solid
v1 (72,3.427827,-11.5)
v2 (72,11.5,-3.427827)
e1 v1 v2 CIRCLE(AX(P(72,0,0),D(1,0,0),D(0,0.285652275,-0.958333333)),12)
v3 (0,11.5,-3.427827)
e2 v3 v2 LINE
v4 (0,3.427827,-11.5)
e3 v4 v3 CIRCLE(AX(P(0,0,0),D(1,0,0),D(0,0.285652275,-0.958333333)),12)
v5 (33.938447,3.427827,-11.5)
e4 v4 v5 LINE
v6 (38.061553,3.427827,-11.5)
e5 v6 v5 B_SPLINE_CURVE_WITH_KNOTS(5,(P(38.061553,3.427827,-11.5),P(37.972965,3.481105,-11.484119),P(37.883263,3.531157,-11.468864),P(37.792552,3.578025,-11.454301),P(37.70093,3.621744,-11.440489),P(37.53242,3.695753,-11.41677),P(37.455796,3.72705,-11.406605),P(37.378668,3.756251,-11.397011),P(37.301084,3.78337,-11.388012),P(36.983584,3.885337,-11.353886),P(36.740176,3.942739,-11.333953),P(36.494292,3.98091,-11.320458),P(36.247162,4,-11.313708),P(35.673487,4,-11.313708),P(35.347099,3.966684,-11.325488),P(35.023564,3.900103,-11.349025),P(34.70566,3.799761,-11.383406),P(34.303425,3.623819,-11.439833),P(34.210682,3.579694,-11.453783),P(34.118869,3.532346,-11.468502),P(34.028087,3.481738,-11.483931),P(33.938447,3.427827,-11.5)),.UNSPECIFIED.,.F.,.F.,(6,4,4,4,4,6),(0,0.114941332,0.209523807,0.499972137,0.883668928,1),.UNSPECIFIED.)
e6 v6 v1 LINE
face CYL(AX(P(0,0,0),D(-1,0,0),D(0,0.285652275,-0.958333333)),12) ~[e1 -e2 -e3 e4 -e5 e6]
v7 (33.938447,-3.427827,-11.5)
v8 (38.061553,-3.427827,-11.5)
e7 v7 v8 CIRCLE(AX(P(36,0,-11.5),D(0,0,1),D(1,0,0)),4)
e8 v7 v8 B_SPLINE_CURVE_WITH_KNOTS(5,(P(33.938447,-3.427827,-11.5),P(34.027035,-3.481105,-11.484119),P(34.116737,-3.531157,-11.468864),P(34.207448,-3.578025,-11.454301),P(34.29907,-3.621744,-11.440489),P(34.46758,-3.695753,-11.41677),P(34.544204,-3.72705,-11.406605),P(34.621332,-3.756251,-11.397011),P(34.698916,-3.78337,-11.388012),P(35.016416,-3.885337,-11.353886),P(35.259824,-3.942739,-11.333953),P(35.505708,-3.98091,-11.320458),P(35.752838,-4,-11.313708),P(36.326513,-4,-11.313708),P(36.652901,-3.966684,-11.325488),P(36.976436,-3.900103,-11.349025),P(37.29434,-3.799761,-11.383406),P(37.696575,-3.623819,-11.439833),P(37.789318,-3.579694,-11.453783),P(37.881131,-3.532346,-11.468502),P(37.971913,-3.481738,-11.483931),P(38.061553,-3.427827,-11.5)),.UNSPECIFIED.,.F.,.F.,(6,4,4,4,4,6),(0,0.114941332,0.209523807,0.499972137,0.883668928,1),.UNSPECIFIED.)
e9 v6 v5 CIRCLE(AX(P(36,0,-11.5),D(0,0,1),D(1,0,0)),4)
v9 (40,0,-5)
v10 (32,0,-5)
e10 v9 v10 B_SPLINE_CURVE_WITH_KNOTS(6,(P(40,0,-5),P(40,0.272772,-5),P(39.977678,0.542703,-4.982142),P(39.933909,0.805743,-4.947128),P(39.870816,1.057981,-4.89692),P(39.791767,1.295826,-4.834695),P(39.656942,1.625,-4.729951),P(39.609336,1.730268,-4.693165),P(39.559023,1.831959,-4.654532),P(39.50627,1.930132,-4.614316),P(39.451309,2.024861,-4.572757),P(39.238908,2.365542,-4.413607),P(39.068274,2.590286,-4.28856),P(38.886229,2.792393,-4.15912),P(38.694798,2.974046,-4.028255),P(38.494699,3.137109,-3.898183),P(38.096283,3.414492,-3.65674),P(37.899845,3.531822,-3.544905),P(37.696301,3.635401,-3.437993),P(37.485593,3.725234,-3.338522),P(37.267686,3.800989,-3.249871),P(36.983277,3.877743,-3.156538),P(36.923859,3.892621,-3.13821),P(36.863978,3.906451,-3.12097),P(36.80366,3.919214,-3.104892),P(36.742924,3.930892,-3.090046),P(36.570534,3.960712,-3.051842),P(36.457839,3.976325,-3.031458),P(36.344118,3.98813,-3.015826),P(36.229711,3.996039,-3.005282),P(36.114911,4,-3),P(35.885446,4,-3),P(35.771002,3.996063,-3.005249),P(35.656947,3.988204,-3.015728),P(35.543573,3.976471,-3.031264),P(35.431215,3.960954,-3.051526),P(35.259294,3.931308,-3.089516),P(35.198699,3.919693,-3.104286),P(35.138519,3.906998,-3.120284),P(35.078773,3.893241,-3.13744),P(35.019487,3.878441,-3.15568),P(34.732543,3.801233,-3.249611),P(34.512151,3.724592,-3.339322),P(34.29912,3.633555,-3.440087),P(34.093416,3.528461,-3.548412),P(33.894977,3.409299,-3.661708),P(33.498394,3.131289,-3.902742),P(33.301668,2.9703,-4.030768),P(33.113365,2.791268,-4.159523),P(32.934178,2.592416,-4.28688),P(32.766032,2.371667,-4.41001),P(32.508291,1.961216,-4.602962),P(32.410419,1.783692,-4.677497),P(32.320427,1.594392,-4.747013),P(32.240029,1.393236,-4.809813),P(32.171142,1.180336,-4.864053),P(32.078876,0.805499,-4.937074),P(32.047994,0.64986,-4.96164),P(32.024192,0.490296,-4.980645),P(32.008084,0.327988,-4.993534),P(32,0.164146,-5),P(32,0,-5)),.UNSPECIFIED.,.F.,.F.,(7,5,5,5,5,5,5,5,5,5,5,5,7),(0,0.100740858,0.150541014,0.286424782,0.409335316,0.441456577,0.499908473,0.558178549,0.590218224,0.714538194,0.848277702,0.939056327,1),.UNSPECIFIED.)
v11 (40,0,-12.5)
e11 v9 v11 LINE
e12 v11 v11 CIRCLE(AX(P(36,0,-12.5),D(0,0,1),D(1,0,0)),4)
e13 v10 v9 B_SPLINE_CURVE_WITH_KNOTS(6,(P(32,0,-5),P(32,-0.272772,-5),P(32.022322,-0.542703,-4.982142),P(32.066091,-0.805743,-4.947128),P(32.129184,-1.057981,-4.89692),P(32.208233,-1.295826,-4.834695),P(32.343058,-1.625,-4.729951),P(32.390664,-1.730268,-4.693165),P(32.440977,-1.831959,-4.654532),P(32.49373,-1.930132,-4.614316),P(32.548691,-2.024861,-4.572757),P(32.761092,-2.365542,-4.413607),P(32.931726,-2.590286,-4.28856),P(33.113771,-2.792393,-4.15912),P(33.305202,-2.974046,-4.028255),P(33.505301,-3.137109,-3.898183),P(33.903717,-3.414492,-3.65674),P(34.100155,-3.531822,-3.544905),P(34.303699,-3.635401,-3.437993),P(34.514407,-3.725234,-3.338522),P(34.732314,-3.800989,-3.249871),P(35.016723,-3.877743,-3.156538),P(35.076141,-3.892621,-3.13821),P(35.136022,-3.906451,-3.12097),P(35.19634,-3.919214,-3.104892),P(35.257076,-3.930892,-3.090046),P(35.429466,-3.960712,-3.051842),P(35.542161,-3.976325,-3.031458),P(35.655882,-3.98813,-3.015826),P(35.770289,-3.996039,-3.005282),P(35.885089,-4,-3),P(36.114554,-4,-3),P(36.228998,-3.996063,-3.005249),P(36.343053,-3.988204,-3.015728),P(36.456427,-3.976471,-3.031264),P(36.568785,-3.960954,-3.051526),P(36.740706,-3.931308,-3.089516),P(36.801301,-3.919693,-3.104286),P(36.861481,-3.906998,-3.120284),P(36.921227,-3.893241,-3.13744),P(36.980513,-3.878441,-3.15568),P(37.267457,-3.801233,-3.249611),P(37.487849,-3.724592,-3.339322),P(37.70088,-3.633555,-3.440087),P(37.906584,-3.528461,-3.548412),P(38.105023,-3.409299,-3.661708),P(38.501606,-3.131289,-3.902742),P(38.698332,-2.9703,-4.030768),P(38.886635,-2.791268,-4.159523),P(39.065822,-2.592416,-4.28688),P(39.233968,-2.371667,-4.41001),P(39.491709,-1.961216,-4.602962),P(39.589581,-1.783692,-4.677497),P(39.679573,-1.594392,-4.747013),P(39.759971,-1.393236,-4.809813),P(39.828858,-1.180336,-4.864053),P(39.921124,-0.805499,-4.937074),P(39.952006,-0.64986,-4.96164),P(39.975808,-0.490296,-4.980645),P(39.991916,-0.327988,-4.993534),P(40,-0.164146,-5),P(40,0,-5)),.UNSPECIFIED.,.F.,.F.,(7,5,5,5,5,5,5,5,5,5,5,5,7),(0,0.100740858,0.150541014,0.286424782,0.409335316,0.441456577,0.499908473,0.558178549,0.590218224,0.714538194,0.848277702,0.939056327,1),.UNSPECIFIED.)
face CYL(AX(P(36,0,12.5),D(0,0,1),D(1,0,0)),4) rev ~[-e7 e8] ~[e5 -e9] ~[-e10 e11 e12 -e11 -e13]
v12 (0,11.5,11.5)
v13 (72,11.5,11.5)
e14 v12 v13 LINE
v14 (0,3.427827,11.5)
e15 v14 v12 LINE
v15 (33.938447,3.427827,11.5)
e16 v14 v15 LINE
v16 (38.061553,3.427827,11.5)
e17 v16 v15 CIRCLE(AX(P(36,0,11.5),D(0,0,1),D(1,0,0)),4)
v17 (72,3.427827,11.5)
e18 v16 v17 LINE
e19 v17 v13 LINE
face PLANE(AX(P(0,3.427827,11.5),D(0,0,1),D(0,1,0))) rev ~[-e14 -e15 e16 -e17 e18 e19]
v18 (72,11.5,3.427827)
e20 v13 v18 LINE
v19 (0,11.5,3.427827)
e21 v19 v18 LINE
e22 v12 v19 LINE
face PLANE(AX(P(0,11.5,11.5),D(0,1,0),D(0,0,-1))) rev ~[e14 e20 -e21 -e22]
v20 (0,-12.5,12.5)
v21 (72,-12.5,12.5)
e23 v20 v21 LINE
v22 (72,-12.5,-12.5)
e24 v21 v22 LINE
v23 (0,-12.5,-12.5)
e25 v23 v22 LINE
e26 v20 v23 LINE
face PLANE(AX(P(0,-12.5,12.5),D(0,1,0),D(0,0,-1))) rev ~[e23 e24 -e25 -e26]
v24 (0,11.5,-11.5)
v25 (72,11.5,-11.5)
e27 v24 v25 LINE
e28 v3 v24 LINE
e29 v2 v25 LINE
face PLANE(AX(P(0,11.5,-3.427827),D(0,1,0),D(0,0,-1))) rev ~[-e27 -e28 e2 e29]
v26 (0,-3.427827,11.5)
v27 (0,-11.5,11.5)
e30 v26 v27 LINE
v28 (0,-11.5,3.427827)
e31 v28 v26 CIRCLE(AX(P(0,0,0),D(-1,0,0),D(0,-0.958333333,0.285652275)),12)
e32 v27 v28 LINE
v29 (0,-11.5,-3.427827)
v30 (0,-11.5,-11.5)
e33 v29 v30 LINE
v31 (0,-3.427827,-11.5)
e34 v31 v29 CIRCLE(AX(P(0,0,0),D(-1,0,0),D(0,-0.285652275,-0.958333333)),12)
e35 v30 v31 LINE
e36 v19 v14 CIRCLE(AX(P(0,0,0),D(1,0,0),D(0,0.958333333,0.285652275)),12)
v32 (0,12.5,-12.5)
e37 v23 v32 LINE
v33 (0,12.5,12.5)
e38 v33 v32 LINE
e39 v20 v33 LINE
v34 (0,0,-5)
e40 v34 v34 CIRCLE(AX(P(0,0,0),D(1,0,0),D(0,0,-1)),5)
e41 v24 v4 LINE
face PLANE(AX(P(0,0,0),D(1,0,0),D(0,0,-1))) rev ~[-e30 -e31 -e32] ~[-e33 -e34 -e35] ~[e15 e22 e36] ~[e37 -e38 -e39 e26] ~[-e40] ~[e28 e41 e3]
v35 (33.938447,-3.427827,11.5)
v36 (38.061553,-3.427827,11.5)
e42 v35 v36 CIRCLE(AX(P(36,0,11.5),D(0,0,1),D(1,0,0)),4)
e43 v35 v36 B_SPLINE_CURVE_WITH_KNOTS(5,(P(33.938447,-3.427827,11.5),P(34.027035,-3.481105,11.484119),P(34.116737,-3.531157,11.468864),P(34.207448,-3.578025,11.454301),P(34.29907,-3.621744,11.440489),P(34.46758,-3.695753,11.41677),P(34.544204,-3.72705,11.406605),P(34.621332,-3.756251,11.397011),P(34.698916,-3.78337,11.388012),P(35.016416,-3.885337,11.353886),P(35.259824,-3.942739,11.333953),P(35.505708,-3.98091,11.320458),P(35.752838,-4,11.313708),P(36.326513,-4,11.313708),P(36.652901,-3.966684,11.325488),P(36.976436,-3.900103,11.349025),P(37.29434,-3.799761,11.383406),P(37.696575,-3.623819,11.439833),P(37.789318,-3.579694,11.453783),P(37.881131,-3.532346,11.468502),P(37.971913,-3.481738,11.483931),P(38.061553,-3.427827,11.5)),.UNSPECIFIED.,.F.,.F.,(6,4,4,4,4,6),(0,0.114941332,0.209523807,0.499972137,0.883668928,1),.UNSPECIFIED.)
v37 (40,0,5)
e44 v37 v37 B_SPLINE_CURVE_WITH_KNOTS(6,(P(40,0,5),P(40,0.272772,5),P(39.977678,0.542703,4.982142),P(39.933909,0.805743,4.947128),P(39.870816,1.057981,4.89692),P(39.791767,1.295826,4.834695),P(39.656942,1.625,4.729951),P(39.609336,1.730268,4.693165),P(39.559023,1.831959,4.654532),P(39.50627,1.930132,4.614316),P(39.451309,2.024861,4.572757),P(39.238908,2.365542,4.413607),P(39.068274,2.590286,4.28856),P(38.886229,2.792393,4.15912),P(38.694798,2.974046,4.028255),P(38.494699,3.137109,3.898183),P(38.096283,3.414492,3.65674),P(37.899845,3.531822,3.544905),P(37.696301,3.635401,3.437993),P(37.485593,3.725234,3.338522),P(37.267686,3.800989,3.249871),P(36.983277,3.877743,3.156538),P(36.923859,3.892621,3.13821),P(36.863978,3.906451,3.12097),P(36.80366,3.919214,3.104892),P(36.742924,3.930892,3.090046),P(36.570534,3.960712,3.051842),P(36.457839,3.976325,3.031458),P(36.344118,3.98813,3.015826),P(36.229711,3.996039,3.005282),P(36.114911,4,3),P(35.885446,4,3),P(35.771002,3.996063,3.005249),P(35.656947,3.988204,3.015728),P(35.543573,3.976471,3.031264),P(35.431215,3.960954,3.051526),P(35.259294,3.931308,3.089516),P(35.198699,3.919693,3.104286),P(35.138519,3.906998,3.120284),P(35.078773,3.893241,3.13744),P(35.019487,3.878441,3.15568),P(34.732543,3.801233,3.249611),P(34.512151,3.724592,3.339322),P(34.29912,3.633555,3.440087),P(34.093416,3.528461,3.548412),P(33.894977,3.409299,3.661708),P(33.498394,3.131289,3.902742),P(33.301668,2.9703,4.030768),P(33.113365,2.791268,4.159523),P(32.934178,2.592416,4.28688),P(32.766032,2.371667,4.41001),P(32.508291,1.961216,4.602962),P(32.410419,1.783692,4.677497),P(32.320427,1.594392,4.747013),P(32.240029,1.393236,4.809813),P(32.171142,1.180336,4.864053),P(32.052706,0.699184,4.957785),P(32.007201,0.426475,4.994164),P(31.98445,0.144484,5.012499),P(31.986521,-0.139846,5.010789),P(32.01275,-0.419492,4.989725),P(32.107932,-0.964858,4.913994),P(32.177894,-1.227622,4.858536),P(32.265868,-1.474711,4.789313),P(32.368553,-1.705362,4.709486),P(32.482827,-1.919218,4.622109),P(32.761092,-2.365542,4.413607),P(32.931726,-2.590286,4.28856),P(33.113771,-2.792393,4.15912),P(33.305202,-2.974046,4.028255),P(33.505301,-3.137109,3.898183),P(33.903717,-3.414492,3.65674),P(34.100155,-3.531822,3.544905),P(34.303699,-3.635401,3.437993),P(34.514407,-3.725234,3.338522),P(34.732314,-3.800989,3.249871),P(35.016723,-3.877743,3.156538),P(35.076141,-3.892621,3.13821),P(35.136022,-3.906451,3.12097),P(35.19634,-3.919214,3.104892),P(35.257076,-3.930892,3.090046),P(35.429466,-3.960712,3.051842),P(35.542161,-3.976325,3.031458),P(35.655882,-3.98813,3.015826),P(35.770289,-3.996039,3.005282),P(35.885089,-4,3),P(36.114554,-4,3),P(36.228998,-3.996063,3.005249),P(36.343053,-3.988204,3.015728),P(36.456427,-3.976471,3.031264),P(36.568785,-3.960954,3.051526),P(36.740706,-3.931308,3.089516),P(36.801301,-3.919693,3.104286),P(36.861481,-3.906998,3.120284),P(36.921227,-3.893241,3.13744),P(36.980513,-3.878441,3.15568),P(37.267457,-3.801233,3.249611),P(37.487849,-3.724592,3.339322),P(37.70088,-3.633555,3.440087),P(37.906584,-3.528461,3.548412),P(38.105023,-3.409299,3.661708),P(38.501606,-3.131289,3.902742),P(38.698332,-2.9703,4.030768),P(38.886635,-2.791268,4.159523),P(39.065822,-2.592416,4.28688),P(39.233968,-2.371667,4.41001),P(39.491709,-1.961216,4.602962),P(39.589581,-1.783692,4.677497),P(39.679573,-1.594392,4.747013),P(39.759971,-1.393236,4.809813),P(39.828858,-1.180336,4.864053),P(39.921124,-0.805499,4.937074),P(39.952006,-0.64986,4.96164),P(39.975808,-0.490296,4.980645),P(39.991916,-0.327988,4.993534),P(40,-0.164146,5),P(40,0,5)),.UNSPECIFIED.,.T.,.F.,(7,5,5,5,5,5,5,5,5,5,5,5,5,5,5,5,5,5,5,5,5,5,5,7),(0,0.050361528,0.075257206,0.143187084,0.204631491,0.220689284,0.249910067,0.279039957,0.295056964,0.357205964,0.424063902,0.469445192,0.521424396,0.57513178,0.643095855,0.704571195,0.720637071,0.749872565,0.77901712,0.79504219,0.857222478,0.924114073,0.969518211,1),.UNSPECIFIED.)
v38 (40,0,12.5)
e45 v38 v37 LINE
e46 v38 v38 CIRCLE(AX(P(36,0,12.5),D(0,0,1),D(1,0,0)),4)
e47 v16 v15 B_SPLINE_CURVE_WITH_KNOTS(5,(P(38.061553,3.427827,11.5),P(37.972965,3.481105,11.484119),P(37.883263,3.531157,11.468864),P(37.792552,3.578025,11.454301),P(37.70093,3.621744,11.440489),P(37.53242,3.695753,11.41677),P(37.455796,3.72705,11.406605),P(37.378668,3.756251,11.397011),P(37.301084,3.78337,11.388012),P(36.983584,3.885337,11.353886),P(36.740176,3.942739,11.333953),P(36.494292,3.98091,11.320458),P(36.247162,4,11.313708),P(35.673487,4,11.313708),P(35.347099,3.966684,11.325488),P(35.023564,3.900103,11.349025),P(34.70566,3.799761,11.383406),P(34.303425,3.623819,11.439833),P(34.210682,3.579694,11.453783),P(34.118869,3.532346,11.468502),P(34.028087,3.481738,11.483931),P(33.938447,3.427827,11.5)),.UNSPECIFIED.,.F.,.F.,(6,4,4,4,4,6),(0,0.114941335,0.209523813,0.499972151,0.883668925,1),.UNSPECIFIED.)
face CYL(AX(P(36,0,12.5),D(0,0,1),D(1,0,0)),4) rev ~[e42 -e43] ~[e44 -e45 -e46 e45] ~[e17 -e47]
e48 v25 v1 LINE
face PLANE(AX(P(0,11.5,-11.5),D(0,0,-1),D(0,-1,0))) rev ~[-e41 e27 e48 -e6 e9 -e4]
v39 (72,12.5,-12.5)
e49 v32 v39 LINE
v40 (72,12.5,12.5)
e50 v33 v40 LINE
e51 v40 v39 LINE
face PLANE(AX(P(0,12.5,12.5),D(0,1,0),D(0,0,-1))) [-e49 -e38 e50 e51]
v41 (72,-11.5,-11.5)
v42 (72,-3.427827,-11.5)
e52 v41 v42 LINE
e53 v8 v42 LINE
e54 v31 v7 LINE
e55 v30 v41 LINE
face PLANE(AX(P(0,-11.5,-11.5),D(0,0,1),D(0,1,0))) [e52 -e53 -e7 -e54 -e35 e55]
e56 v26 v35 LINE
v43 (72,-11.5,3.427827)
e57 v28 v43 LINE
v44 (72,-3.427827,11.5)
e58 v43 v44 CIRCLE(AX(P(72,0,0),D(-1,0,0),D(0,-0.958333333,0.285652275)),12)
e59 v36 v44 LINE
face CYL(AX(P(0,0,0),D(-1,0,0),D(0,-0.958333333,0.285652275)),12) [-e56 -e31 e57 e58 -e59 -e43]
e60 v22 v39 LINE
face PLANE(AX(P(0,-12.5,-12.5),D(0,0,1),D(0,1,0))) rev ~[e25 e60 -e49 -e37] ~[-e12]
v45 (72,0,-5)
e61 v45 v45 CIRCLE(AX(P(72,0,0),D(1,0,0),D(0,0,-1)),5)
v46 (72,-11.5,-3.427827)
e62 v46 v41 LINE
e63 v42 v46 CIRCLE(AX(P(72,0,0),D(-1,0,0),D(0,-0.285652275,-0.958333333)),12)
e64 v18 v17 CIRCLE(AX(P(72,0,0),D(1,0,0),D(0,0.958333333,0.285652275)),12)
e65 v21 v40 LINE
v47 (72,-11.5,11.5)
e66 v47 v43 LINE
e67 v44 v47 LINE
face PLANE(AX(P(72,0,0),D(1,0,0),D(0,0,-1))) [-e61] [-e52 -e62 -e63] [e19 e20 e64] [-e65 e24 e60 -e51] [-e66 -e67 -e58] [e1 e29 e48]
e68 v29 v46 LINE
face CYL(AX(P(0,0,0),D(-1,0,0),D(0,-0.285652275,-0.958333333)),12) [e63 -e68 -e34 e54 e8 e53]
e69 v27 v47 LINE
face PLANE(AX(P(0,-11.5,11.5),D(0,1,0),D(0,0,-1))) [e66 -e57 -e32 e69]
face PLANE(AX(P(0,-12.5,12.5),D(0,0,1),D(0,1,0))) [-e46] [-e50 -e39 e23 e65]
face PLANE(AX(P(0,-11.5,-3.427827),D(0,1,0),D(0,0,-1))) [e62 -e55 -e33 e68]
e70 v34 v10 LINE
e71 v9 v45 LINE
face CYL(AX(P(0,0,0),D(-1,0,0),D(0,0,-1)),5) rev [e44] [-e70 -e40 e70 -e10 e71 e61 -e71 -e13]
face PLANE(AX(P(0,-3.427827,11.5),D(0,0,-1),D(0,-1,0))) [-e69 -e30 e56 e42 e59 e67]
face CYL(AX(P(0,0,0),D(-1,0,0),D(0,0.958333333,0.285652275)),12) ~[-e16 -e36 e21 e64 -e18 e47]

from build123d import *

# Parameters (mm, degrees)
SKETCH1_W           = 25
SKETCH1_H           = 25
SKETCH1_R           = 5
BOSS_EXTRUDE1_DEPTH = 72
SKETCH2_R           = 4
CUT_EXTRUDE1_DEPTH  = 78.235030912


with BuildPart() as part:
    # Sketch1 → Boss-Extrude1 (new body)
    with BuildSketch(Plane(origin=(0, 0, 0), x_dir=(0, 0, -1), z_dir=(1, 0, 0))):
        Rectangle(SKETCH1_W, SKETCH1_H)
        Circle(SKETCH1_R, mode=Mode.SUBTRACT)
        with BuildLine():
            Line((-11.5, -11.5), (-3.4278273, -11.5))
            ThreePointArc((-3.4278273, -11.5), (-8.485281374, -8.485281374), (-11.5, -3.4278273))
            Line((-11.5, -3.4278273), (-11.5, -11.5))
        make_face(mode=Mode.SUBTRACT)
        with BuildLine():
            Line((-11.5, 11.5), (-3.4278273, 11.5))
            ThreePointArc((-3.4278273, 11.5), (-8.485281374, 8.485281374), (-11.5, 3.4278273))
            Line((-11.5, 3.4278273), (-11.5, 11.5))
        make_face(mode=Mode.SUBTRACT)
        with BuildLine():
            Line((11.5, -11.5), (11.5, -3.4278273))
            ThreePointArc((11.5, -3.4278273), (8.485281374, -8.485281374), (3.4278273, -11.5))
            Line((3.4278273, -11.5), (11.5, -11.5))
        make_face(mode=Mode.SUBTRACT)
        with BuildLine():
            Line((3.4278273, 11.5), (11.5, 11.5))
            Line((11.5, 11.5), (11.5, 3.4278273))
            ThreePointArc((11.5, 3.4278273), (8.485281374, 8.485281374), (3.4278273, 11.5))
        make_face(mode=Mode.SUBTRACT)
    extrude(amount=BOSS_EXTRUDE1_DEPTH)

    # Sketch2 → Cut-Extrude1 (cut, through all)
    with BuildSketch(Plane.XY.offset(12.5)):
        with Locations((36, 0)):
            Circle(SKETCH2_R)
    extrude(amount=-CUT_EXTRUDE1_DEPTH, mode=Mode.SUBTRACT)


solid = part.part
